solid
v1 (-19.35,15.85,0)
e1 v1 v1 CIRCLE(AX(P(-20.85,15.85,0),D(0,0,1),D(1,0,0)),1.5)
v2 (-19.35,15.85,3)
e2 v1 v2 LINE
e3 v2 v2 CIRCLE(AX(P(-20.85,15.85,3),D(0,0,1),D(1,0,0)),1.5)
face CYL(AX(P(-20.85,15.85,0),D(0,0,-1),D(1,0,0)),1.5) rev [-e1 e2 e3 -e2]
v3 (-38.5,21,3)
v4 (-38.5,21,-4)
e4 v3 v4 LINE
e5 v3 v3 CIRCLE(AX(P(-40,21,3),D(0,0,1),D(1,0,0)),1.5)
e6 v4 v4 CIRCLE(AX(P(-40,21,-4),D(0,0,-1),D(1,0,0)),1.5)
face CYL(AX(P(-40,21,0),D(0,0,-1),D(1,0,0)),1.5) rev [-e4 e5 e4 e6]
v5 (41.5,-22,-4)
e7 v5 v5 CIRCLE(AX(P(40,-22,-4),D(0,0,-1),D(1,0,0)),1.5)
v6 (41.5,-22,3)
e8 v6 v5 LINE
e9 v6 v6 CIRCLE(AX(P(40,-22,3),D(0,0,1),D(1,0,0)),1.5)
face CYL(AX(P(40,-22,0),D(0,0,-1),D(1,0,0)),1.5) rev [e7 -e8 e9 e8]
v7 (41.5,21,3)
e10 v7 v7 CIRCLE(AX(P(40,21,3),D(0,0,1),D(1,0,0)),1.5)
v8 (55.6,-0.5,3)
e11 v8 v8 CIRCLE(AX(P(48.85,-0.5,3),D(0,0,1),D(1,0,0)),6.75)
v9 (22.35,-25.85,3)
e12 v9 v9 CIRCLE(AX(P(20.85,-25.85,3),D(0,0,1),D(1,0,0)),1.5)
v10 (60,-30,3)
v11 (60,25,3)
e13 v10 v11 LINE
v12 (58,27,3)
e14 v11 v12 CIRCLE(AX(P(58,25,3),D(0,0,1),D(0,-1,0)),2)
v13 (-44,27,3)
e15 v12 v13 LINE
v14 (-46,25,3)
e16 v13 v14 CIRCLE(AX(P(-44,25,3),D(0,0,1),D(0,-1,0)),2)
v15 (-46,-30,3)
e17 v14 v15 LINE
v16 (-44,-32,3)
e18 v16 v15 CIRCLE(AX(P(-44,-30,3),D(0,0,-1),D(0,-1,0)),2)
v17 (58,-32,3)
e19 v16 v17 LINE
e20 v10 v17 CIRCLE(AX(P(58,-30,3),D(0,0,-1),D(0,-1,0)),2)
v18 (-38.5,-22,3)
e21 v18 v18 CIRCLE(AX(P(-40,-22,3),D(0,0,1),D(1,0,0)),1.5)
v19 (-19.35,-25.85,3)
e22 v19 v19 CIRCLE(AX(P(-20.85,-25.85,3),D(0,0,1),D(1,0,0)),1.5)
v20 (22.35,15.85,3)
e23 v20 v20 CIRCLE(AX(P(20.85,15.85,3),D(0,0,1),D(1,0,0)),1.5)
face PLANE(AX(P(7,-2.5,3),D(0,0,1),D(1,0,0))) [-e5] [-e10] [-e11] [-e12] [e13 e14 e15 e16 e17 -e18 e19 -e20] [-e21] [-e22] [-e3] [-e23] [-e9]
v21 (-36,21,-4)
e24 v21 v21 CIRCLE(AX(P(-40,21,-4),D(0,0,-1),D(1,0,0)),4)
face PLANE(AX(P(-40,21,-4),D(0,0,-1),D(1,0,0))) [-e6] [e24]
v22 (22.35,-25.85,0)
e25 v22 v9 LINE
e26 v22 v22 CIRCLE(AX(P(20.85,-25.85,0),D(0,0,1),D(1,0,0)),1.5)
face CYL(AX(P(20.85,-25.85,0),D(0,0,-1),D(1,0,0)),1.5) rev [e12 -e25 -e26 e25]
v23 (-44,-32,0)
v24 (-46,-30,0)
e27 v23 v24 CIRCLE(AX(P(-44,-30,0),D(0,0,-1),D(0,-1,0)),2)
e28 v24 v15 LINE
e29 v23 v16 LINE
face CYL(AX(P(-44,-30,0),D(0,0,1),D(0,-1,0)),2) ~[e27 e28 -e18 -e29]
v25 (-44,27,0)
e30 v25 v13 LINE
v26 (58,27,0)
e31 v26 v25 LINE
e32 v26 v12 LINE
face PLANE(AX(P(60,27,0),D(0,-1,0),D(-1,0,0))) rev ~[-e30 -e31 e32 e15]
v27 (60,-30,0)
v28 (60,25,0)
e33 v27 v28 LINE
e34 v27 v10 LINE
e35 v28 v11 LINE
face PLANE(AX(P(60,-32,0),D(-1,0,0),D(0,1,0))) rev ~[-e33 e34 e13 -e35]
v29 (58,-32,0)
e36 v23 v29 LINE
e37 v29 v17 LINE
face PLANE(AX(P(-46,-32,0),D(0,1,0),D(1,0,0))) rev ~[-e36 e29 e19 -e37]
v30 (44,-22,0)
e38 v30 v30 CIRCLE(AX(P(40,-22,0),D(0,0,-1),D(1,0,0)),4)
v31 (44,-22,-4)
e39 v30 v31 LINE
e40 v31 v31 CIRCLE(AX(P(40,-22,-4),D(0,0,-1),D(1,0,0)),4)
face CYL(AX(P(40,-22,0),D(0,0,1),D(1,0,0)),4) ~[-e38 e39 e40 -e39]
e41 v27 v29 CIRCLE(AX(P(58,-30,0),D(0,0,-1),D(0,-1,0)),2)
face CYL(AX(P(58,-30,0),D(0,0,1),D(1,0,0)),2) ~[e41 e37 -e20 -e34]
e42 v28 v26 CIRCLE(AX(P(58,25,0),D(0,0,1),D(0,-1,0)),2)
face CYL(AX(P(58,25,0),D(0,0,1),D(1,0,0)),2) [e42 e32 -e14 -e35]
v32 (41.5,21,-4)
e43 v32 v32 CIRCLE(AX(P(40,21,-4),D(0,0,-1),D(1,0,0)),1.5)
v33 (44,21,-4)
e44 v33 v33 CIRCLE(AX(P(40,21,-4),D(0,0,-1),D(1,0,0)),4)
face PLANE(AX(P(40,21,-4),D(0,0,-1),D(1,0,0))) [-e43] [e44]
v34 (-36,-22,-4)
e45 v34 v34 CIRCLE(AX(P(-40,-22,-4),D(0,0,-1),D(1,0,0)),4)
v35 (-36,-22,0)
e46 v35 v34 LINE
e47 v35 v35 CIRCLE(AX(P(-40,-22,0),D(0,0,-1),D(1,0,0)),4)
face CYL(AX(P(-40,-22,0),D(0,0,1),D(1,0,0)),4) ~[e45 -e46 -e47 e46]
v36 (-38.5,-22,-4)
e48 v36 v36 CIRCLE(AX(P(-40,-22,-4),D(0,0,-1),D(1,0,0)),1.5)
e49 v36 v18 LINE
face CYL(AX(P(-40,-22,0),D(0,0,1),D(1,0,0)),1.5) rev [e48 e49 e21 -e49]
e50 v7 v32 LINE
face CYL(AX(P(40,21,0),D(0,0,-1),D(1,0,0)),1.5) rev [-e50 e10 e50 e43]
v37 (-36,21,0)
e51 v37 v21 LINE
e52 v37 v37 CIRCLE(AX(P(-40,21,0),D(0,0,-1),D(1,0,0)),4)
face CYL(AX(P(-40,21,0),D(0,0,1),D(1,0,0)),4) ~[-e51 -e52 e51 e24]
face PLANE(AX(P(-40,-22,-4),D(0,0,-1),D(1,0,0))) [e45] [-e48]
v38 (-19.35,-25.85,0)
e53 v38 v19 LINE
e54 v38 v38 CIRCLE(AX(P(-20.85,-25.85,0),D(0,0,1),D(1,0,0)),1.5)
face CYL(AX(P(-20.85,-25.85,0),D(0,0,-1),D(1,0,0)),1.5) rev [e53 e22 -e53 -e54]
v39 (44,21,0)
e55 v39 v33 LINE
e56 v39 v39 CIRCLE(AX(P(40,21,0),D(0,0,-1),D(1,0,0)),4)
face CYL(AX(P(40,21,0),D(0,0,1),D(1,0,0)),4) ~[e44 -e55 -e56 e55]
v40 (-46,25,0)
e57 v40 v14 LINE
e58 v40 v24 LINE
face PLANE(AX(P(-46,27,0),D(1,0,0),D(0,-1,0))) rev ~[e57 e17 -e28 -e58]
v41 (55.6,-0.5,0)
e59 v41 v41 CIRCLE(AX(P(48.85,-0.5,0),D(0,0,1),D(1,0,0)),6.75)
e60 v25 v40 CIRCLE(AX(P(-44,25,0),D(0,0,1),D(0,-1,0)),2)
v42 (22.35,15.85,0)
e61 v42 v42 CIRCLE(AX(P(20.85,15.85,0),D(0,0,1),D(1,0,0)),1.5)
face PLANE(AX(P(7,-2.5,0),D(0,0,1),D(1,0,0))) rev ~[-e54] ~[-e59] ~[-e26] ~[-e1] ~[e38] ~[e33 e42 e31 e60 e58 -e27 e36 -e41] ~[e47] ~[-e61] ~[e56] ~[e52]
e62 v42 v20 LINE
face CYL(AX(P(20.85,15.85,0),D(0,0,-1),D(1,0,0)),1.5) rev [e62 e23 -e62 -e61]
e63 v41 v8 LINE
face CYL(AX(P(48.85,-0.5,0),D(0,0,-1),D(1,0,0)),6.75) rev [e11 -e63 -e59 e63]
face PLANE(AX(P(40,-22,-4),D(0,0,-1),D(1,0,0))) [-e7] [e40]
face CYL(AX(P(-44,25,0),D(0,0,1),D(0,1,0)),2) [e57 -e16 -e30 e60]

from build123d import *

# Parameters (mm, degrees)
SKETCH_R      = 1.5
SKETCH_R_2    = 6.75
PAD_DEPTH     = 3
SKETCH001_R   = 4
SKETCH001_R_2 = 1.5
PAD001_DEPTH  = 4
FILLET_R      = 2


with BuildPart() as part:
    # Sketch → Pad (new body)
    with BuildSketch(Plane.XY):
        Polygon((46, 27), (-46, 27), (-46, -28), (-46, -32), (60, -32), (60, -28), (60, 27), align=None)
        with Locations((20.85, 15.85)):
            Circle(SKETCH_R, mode=Mode.SUBTRACT)
        with Locations((-20.85, -25.85)):
            Circle(SKETCH_R, mode=Mode.SUBTRACT)
        with Locations((20.85, -25.85)):
            Circle(SKETCH_R, mode=Mode.SUBTRACT)
        with Locations((-20.85, 15.85)):
            Circle(SKETCH_R, mode=Mode.SUBTRACT)
        with Locations((48.85, -0.5)):
            Circle(SKETCH_R_2, mode=Mode.SUBTRACT)
        with Locations((-40, 21)):
            Circle(SKETCH_R, mode=Mode.SUBTRACT)
        with Locations((40, 21)):
            Circle(SKETCH_R, mode=Mode.SUBTRACT)
        with Locations((-40, -22)):
            Circle(SKETCH_R, mode=Mode.SUBTRACT)
        with Locations((40, -22)):
            Circle(SKETCH_R, mode=Mode.SUBTRACT)
    extrude(amount=PAD_DEPTH)

    # Sketch001 (on Face2 of Pad) → Pad001 (join)
    with BuildSketch(Plane(origin=(0, 0, 0), x_dir=(1, 0, 0), z_dir=(0, 0, -1))):
        with Locations((-40, 22)):
            Circle(SKETCH001_R)
        with Locations((-40, 22)):
            Circle(SKETCH001_R_2, mode=Mode.SUBTRACT)
        with Locations((40, 22)):
            Circle(SKETCH001_R)
        with Locations((40, 22)):
            Circle(SKETCH001_R_2, mode=Mode.SUBTRACT)
        with Locations((-40, -21)):
            Circle(SKETCH001_R)
        with Locations((-40, -21)):
            Circle(SKETCH001_R_2, mode=Mode.SUBTRACT)
        with Locations((40, -21)):
            Circle(SKETCH001_R)
        with Locations((40, -21)):
            Circle(SKETCH001_R_2, mode=Mode.SUBTRACT)
    extrude(amount=PAD001_DEPTH)

    # Fillet
    fillet_edges = [part.edges().sort_by_distance(p)[0] for p in [
        (-46, 27, 1.5),
        (-46, -32, 1.5),
        (60, -32, 1.5),
        (60, 27, 1.5),
    ]]
    fillet(fillet_edges, radius=FILLET_R)


solid = part.part
